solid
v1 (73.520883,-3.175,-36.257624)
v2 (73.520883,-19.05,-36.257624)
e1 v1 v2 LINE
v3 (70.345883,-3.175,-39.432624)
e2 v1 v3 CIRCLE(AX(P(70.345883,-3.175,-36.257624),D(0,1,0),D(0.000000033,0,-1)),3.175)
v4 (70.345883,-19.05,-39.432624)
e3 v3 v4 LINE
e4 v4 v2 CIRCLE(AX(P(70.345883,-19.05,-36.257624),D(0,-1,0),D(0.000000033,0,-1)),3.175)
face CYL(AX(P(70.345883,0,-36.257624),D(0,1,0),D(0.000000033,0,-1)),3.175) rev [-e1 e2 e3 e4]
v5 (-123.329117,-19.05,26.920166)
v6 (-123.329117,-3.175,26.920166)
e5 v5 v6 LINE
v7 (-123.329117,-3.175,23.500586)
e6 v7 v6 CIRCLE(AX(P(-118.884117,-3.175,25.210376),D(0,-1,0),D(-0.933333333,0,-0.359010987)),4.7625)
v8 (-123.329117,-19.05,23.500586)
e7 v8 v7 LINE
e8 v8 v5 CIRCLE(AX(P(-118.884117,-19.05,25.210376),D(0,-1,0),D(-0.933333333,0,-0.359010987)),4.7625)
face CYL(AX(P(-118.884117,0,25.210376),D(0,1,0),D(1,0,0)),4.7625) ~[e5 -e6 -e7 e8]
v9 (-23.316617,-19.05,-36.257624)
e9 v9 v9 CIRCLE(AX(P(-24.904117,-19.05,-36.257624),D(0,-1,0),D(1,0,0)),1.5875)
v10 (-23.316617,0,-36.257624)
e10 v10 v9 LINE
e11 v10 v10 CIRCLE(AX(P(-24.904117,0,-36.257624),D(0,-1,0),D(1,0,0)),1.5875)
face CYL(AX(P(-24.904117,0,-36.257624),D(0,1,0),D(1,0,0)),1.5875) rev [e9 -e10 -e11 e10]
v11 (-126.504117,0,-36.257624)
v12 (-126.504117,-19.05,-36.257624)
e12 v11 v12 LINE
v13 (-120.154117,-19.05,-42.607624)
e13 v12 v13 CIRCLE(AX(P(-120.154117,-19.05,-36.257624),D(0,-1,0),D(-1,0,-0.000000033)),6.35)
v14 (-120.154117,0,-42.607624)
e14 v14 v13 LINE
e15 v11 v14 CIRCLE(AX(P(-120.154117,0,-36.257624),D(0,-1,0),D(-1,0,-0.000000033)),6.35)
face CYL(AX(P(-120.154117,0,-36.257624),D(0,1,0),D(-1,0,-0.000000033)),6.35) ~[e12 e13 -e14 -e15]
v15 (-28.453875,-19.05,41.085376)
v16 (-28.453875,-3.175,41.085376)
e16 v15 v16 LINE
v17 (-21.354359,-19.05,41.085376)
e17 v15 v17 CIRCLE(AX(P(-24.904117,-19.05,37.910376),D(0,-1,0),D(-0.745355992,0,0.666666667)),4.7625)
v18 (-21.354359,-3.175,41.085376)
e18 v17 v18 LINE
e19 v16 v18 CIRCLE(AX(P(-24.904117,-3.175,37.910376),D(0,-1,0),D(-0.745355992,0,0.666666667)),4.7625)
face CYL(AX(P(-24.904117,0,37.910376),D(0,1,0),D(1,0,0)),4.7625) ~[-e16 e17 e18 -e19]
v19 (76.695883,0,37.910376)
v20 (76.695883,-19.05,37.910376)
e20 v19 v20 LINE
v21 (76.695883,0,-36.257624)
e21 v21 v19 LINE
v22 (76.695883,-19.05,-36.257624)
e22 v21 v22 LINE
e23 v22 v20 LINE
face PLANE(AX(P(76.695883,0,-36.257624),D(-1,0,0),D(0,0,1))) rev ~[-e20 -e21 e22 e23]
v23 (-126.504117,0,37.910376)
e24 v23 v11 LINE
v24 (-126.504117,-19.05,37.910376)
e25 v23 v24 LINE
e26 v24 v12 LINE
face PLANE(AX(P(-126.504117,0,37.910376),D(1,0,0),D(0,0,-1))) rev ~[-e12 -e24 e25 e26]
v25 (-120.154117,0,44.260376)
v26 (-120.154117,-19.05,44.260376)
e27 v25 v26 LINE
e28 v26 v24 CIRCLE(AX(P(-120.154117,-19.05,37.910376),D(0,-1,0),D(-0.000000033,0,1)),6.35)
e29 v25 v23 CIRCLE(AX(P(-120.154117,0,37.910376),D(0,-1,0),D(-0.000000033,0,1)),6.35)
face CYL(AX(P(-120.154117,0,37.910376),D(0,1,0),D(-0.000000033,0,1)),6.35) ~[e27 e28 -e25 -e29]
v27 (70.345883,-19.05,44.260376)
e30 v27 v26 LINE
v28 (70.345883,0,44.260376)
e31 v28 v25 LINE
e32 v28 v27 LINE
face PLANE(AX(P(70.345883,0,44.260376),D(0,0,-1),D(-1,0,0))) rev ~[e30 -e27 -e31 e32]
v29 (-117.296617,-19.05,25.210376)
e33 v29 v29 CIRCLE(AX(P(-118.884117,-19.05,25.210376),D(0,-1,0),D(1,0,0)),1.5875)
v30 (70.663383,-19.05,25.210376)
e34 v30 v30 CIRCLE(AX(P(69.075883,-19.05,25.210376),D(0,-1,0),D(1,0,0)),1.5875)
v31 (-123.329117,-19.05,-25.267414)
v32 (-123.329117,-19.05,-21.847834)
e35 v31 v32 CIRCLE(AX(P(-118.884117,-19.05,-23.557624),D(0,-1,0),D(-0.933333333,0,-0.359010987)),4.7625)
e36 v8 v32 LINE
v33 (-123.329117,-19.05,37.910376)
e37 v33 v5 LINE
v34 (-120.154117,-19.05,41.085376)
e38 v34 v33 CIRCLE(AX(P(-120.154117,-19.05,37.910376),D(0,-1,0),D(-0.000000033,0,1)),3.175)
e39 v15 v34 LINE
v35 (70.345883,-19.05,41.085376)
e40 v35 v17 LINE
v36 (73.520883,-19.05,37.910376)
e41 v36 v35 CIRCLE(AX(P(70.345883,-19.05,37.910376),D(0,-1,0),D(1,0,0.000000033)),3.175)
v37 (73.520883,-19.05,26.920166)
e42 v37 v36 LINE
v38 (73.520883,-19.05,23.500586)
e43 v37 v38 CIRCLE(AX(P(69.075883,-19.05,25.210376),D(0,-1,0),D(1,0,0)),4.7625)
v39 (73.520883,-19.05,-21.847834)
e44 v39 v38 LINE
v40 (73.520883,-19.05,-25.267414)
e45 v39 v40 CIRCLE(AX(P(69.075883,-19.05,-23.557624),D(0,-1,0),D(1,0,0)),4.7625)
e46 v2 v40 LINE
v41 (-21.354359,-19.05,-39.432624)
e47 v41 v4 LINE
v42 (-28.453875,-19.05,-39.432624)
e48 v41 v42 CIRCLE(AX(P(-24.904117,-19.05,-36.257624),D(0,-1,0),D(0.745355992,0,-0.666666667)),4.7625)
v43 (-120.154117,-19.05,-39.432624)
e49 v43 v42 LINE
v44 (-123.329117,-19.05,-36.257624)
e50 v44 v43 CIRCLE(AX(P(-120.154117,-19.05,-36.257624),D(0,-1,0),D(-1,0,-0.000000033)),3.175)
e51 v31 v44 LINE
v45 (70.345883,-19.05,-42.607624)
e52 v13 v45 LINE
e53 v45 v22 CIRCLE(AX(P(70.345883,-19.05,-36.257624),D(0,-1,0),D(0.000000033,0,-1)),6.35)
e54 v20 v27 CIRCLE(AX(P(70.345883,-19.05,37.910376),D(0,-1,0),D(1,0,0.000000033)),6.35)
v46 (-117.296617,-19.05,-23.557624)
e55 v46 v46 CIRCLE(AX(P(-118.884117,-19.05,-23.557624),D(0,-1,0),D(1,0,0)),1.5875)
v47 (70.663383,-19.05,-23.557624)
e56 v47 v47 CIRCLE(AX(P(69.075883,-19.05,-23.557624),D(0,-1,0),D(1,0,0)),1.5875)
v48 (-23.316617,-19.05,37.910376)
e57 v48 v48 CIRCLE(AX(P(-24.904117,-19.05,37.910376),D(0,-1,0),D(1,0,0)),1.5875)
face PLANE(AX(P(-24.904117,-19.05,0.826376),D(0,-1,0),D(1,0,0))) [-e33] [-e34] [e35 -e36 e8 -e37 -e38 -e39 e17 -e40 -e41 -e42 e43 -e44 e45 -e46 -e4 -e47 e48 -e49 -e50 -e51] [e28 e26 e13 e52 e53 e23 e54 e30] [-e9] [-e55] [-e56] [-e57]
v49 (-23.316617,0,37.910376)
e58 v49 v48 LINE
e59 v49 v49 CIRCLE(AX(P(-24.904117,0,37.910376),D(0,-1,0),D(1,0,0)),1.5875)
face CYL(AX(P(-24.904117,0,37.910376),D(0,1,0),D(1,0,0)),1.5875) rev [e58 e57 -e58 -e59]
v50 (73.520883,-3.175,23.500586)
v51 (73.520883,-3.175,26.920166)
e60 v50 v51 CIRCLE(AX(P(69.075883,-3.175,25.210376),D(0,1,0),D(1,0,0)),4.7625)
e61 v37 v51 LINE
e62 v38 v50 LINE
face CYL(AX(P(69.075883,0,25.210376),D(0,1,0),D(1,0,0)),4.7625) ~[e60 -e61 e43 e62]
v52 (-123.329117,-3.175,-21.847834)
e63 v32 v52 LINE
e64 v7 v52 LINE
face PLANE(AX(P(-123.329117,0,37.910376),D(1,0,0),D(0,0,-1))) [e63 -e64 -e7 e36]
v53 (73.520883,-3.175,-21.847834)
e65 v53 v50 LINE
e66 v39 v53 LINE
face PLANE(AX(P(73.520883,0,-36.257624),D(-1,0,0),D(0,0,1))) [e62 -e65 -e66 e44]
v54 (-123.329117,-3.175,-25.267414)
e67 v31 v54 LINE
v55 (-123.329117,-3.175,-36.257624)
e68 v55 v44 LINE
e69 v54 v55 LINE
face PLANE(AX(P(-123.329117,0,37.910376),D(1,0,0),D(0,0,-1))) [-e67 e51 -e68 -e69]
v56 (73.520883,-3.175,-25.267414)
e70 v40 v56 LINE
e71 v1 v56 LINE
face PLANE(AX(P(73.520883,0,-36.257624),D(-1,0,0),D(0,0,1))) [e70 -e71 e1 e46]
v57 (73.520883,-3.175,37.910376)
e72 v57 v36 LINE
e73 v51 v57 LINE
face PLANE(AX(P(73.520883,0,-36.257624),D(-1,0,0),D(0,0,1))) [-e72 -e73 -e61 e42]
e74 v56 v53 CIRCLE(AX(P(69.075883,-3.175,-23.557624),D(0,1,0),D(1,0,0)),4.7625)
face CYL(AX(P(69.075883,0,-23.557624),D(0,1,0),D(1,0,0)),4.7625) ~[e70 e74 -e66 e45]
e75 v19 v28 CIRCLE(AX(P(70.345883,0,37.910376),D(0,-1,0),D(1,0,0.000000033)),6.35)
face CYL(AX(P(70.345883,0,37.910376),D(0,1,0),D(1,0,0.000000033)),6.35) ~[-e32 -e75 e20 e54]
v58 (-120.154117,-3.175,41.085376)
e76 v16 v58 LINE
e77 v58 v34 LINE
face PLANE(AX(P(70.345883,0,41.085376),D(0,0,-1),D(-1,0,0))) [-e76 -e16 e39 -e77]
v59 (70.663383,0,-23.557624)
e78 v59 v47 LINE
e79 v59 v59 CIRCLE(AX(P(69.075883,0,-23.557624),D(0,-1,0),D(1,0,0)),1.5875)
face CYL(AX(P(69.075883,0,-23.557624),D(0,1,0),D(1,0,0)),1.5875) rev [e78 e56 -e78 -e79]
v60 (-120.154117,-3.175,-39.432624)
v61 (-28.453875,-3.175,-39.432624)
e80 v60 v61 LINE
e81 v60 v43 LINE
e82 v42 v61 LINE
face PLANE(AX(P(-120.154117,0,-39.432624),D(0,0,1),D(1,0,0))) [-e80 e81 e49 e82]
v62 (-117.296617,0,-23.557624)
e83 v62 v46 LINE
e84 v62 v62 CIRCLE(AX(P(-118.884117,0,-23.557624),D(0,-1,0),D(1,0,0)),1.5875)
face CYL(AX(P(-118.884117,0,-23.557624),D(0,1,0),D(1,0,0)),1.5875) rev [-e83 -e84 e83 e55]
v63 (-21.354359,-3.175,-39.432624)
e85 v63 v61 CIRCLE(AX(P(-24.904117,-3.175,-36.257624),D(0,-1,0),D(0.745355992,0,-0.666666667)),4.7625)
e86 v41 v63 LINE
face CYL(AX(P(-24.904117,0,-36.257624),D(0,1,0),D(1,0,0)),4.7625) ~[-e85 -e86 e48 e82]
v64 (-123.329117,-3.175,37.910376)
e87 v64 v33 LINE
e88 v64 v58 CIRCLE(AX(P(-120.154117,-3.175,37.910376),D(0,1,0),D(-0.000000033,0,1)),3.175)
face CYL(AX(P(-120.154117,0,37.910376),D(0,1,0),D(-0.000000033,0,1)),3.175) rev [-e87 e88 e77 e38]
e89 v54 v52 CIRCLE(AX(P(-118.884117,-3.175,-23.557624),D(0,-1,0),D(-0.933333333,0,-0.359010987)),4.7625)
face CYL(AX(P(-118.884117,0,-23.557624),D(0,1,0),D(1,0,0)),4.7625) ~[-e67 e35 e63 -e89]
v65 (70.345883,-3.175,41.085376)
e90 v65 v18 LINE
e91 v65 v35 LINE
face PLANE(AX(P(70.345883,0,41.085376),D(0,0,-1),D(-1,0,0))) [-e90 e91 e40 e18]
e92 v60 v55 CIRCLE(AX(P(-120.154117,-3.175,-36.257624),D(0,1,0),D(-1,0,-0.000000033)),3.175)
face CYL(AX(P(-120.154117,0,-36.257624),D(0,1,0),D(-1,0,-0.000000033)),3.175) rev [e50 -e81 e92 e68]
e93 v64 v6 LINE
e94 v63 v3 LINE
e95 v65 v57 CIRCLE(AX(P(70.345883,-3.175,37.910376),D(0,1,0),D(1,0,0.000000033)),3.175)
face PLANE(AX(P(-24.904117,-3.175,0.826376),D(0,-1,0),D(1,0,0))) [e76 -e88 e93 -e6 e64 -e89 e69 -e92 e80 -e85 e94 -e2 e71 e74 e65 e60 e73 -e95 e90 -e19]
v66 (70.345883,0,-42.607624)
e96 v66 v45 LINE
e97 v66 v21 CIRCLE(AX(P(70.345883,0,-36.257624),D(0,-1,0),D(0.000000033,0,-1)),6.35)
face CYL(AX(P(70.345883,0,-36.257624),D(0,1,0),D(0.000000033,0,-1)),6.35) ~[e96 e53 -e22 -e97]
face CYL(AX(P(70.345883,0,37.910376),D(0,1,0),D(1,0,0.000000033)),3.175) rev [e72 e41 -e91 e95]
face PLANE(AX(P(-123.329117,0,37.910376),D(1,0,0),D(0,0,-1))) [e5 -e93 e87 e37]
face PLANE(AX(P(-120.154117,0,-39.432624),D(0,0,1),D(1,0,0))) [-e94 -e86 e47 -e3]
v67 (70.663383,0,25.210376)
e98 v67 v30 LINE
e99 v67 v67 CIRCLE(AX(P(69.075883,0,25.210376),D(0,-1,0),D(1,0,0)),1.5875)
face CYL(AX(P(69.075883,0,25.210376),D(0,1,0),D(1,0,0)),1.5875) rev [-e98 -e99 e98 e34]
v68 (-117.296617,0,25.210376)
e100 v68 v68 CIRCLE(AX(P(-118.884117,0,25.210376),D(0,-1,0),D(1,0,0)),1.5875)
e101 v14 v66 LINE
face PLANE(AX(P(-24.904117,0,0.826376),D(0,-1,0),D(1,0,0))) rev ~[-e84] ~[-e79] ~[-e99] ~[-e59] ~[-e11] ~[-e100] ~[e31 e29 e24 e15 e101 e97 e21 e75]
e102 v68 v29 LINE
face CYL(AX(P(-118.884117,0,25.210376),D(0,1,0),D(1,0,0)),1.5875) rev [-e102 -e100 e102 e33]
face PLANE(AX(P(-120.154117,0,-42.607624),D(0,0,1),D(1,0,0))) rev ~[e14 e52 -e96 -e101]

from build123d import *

# Parameters (mm, degrees)
F0_R     = 1.5875
F1_DEPTH = 19.05
F2_T     = -3.175


with BuildPart() as f1:
    # F0 (on Front) → F1 (new body)
    with BuildSketch(Plane.XZ):
        with BuildLine():
            Line((70.345883, 44.260376), (-120.154117, 44.260376))
            ThreePointArc((-120.154117, 44.260376), (-124.644245, 42.400504), (-126.504117, 37.910376))
            Line((-126.504117, 37.910376), (-126.504117, -36.257624))
            ThreePointArc((-126.504117, -36.257624), (-124.644245, -40.747752), (-120.154117, -42.607624))
            Line((-120.154117, -42.607624), (70.345883, -42.607624))
            ThreePointArc((70.345883, -42.607624), (74.836011, -40.747752), (76.695883, -36.257624))
            Line((76.695883, -36.257624), (76.695883, 37.910376))
            ThreePointArc((76.695883, 37.910376), (74.836011, 42.400504), (70.345883, 44.260376))
        make_face()
        with Locations((-118.884117, -23.557624)):
            Circle(F0_R, mode=Mode.SUBTRACT)
        with Locations((-24.904117, -36.257624)):
            Circle(F0_R, mode=Mode.SUBTRACT)
        with Locations((69.075883, -23.557624)):
            Circle(F0_R, mode=Mode.SUBTRACT)
        with Locations((-118.884117, 25.210376)):
            Circle(F0_R, mode=Mode.SUBTRACT)
        with Locations((-24.904117, 37.910376)):
            Circle(F0_R, mode=Mode.SUBTRACT)
        with Locations((69.075883, 25.210376)):
            Circle(F0_R, mode=Mode.SUBTRACT)
    extrude(amount=F1_DEPTH)

    # F2
    f2_openings = [f1.faces().sort_by_distance(p)[0] for p in [
        (-24.904117, -19.05, 0.826376),
    ]]
    offset(amount=F2_T, openings=f2_openings)


solid = f1.part
